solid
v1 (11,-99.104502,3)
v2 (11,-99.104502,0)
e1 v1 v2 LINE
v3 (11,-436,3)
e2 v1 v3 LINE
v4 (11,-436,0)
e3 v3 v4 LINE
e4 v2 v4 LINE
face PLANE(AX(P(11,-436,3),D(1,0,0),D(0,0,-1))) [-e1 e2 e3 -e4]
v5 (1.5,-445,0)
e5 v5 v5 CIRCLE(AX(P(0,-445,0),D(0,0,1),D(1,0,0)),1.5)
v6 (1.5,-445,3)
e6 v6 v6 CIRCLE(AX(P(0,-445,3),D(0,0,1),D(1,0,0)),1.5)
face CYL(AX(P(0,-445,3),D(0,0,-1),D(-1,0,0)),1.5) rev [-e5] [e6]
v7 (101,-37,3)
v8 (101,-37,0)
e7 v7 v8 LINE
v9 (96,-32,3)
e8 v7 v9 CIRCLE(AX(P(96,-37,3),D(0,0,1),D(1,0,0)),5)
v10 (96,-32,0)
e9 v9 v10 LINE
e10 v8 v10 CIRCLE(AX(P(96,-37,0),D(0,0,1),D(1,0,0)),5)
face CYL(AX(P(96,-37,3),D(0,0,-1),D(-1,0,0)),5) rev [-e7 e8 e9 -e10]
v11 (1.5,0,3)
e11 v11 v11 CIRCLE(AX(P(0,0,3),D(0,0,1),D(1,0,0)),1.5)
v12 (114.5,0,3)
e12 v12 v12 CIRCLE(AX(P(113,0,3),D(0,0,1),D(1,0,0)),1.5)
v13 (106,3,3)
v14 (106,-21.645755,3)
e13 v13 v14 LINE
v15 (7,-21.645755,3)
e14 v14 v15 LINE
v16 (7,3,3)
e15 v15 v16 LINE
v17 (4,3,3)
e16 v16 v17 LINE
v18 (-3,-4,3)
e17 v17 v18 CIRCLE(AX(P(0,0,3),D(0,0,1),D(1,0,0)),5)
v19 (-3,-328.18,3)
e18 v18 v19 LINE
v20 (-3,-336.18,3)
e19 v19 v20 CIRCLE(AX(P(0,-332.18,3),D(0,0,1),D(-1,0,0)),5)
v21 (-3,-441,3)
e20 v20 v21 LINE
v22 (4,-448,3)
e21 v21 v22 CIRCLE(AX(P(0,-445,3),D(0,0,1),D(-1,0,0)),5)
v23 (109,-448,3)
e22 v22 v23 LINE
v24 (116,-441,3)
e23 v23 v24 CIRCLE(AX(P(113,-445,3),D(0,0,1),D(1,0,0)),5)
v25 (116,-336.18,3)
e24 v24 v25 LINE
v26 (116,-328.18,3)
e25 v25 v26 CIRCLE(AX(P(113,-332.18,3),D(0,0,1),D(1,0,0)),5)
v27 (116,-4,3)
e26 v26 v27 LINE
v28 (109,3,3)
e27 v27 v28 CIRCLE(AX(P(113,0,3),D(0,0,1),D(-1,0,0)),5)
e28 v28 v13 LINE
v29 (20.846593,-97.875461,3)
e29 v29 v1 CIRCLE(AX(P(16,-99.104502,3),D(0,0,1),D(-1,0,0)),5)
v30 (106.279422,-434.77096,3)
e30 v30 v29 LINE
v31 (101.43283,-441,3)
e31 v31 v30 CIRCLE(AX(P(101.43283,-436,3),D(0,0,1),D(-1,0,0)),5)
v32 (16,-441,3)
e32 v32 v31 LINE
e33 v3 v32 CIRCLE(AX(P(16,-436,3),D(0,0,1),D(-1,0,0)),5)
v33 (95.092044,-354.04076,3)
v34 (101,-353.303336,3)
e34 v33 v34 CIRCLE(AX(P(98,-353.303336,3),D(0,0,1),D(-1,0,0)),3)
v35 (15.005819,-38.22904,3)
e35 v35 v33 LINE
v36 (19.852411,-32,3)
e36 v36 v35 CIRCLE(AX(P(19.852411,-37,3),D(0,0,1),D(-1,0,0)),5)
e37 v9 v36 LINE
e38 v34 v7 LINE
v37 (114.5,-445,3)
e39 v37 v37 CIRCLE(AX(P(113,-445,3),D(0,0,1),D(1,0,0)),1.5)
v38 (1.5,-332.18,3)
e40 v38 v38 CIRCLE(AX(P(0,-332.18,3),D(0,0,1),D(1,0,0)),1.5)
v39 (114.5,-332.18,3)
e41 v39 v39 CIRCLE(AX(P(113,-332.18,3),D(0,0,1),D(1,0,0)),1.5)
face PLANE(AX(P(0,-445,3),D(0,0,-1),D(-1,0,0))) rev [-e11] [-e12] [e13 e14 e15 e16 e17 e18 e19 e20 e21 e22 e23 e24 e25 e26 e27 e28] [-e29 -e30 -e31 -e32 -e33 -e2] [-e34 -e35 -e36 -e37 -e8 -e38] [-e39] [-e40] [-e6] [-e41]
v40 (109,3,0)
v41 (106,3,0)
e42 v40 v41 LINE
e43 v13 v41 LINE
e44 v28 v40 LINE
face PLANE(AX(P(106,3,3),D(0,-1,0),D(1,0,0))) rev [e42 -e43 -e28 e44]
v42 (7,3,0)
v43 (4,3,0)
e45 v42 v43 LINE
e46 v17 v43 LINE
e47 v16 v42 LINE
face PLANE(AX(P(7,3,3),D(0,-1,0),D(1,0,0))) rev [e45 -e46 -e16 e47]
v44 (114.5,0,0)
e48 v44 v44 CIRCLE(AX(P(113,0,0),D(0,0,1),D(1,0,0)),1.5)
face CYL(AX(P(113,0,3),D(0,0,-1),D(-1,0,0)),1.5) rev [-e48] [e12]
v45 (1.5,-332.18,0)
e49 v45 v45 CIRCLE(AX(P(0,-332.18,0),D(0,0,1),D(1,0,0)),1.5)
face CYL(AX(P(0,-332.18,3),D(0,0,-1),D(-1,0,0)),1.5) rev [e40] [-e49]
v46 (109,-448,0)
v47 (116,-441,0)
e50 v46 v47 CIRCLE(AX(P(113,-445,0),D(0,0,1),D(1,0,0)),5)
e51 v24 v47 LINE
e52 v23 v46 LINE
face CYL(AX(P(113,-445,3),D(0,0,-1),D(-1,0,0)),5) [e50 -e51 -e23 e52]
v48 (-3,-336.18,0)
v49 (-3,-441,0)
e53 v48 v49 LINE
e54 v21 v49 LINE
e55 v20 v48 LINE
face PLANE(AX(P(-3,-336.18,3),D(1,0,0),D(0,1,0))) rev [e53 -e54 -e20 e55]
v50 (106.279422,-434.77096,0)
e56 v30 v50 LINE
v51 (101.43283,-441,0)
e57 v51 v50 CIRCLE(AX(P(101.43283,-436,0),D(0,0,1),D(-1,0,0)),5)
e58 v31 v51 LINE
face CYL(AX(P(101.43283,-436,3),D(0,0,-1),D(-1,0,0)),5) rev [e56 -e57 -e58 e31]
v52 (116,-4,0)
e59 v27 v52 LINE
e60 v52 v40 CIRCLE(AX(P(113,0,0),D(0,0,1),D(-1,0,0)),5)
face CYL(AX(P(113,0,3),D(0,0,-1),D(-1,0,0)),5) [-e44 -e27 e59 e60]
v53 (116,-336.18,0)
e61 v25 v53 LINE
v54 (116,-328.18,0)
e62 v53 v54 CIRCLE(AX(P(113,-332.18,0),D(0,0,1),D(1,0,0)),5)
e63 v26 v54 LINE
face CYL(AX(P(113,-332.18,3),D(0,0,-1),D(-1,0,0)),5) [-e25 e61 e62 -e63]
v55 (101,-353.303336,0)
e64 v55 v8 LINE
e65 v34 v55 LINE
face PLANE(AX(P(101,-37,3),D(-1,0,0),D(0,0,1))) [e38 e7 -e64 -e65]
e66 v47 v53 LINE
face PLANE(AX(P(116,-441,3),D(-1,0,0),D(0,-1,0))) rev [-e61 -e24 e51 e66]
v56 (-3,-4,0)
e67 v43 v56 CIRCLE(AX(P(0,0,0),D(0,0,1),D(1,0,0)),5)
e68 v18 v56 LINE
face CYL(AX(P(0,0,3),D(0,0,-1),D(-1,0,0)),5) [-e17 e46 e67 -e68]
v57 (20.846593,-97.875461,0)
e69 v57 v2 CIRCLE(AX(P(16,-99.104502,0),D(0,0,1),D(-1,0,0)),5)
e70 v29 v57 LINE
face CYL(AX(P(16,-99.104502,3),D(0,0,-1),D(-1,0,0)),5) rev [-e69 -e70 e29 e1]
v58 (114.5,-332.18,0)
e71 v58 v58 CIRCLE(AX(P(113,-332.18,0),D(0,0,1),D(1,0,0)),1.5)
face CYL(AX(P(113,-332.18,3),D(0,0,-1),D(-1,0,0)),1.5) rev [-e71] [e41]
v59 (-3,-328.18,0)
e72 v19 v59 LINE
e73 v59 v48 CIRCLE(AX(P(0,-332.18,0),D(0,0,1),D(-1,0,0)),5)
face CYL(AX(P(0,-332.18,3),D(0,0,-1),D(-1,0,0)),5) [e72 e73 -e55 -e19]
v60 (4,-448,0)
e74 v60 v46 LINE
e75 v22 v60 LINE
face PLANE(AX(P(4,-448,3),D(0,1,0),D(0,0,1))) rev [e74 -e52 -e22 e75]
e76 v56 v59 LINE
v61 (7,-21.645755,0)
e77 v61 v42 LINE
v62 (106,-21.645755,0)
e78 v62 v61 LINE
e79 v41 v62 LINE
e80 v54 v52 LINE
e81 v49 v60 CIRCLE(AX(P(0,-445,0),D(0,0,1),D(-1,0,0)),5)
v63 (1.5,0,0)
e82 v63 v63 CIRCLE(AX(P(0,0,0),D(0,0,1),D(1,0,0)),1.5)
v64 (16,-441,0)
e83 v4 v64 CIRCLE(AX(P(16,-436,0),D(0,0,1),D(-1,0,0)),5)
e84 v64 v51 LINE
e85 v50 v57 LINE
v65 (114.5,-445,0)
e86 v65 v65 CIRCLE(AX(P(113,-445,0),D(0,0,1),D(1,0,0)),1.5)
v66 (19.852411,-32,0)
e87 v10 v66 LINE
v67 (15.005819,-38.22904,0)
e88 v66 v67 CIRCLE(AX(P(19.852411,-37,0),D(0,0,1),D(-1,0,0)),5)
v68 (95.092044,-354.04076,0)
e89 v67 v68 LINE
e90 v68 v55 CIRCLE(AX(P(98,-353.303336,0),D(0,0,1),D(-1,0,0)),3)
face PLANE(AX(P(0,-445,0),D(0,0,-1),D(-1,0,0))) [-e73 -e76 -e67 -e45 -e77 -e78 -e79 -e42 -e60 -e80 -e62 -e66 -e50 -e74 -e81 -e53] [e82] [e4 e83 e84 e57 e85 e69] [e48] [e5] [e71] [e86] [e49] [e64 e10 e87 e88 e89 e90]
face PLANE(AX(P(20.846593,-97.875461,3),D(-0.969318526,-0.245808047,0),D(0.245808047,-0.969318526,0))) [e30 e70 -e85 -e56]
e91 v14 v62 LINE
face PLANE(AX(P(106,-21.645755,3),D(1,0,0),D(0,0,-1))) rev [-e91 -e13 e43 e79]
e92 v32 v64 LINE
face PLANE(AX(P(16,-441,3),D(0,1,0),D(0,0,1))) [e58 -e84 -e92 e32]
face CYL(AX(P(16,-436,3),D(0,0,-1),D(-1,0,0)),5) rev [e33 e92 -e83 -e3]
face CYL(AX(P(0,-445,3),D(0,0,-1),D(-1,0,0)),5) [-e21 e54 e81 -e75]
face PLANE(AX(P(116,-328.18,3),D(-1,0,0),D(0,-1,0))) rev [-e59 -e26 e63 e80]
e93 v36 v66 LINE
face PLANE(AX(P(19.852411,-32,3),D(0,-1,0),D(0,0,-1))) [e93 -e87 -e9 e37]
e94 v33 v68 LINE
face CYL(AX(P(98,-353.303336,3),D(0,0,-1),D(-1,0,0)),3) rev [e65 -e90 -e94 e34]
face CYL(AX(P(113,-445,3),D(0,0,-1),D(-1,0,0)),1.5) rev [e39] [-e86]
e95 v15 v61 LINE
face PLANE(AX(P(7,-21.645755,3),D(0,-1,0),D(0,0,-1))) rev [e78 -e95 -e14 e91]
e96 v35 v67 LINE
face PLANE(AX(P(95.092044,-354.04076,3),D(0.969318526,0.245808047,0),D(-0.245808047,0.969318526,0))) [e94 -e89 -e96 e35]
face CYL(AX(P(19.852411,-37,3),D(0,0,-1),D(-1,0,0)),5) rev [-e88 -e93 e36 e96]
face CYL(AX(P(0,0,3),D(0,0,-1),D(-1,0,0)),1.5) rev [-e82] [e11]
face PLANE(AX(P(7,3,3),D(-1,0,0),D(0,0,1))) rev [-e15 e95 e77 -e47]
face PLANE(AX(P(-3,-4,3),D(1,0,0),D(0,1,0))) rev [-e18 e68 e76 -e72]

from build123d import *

# Parameters (mm, degrees)
SKETCH_1_R      = 1.5
EXTRUDE_1_DEPTH = 3


with BuildPart() as part:
    # 草图1 → 凸台-拉伸1 (new body)
    with BuildSketch(Plane.XY):
        with BuildLine():
            Line((116, -441), (116, -336.18))
            ThreePointArc((116, -336.18), (118, -332.18), (116, -328.18))
            Line((116, -328.18), (116, -4))
            ThreePointArc((116, -4), (116.535533906, 3.535533906), (109, 3))
            Line((109, 3), (106, 3))
            Line((106, 3), (106, -21.645755349))
            Line((106, -21.645755349), (7, -21.645755349))
            Line((7, -21.645755349), (7, 3))
            Line((7, 3), (4, 3))
            ThreePointArc((4, 3), (-3.535533906, 3.535533906), (-3, -4))
            Line((-3, -4), (-3, -328.18))
            ThreePointArc((-3, -328.18), (-5, -332.18), (-3, -336.18))
            Line((-3, -336.18), (-3, -441))
            ThreePointArc((-3, -441), (-3.535533906, -448.535533906), (4, -448))
            Line((4, -448), (109, -448))
            ThreePointArc((109, -448), (116.535533906, -448.535533906), (116, -441))
        make_face()
        Circle(SKETCH_1_R, mode=Mode.SUBTRACT)
        with Locations((113, 0)):
            Circle(SKETCH_1_R, mode=Mode.SUBTRACT)
        with Locations((113, -445)):
            Circle(SKETCH_1_R, mode=Mode.SUBTRACT)
        with Locations((0, -445)):
            Circle(SKETCH_1_R, mode=Mode.SUBTRACT)
        with Locations((0, -332.18)):
            Circle(SKETCH_1_R, mode=Mode.SUBTRACT)
        with Locations((113, -332.18)):
            Circle(SKETCH_1_R, mode=Mode.SUBTRACT)
        with BuildLine():
            Line((101, -37), (101, -353.3033361))
            ThreePointArc((101, -353.3033361), (98.371573189, -356.280236059), (95.092044423, -354.040760242))
            Line((95.092044423, -354.040760242), (15.005818776, -38.229040236))
            ThreePointArc((15.005818776, -38.229040236), (15.906197954, -33.929592957), (19.852411404, -32))
            Line((19.852411404, -32), (96, -32))
            ThreePointArc((96, -32), (99.535533906, -33.464466094), (101, -37))
        make_face(mode=Mode.SUBTRACT)
        with BuildLine():
            Line((20.846592628, -97.875461369), (106.279422364, -434.770959764))
            ThreePointArc((106.279422364, -434.770959764), (105.379043186, -439.070407043), (101.432829737, -441))
            Line((101.432829737, -441), (16, -441))
            ThreePointArc((16, -441), (12.464466094, -439.535533906), (11, -436))
            Line((11, -436), (11, -99.104501604))
            ThreePointArc((11, -99.104501604), (15.380711351, -94.143001673), (20.846592628, -97.875461369))
        make_face(mode=Mode.SUBTRACT)
    extrude(amount=EXTRUDE_1_DEPTH)


solid = part.part
